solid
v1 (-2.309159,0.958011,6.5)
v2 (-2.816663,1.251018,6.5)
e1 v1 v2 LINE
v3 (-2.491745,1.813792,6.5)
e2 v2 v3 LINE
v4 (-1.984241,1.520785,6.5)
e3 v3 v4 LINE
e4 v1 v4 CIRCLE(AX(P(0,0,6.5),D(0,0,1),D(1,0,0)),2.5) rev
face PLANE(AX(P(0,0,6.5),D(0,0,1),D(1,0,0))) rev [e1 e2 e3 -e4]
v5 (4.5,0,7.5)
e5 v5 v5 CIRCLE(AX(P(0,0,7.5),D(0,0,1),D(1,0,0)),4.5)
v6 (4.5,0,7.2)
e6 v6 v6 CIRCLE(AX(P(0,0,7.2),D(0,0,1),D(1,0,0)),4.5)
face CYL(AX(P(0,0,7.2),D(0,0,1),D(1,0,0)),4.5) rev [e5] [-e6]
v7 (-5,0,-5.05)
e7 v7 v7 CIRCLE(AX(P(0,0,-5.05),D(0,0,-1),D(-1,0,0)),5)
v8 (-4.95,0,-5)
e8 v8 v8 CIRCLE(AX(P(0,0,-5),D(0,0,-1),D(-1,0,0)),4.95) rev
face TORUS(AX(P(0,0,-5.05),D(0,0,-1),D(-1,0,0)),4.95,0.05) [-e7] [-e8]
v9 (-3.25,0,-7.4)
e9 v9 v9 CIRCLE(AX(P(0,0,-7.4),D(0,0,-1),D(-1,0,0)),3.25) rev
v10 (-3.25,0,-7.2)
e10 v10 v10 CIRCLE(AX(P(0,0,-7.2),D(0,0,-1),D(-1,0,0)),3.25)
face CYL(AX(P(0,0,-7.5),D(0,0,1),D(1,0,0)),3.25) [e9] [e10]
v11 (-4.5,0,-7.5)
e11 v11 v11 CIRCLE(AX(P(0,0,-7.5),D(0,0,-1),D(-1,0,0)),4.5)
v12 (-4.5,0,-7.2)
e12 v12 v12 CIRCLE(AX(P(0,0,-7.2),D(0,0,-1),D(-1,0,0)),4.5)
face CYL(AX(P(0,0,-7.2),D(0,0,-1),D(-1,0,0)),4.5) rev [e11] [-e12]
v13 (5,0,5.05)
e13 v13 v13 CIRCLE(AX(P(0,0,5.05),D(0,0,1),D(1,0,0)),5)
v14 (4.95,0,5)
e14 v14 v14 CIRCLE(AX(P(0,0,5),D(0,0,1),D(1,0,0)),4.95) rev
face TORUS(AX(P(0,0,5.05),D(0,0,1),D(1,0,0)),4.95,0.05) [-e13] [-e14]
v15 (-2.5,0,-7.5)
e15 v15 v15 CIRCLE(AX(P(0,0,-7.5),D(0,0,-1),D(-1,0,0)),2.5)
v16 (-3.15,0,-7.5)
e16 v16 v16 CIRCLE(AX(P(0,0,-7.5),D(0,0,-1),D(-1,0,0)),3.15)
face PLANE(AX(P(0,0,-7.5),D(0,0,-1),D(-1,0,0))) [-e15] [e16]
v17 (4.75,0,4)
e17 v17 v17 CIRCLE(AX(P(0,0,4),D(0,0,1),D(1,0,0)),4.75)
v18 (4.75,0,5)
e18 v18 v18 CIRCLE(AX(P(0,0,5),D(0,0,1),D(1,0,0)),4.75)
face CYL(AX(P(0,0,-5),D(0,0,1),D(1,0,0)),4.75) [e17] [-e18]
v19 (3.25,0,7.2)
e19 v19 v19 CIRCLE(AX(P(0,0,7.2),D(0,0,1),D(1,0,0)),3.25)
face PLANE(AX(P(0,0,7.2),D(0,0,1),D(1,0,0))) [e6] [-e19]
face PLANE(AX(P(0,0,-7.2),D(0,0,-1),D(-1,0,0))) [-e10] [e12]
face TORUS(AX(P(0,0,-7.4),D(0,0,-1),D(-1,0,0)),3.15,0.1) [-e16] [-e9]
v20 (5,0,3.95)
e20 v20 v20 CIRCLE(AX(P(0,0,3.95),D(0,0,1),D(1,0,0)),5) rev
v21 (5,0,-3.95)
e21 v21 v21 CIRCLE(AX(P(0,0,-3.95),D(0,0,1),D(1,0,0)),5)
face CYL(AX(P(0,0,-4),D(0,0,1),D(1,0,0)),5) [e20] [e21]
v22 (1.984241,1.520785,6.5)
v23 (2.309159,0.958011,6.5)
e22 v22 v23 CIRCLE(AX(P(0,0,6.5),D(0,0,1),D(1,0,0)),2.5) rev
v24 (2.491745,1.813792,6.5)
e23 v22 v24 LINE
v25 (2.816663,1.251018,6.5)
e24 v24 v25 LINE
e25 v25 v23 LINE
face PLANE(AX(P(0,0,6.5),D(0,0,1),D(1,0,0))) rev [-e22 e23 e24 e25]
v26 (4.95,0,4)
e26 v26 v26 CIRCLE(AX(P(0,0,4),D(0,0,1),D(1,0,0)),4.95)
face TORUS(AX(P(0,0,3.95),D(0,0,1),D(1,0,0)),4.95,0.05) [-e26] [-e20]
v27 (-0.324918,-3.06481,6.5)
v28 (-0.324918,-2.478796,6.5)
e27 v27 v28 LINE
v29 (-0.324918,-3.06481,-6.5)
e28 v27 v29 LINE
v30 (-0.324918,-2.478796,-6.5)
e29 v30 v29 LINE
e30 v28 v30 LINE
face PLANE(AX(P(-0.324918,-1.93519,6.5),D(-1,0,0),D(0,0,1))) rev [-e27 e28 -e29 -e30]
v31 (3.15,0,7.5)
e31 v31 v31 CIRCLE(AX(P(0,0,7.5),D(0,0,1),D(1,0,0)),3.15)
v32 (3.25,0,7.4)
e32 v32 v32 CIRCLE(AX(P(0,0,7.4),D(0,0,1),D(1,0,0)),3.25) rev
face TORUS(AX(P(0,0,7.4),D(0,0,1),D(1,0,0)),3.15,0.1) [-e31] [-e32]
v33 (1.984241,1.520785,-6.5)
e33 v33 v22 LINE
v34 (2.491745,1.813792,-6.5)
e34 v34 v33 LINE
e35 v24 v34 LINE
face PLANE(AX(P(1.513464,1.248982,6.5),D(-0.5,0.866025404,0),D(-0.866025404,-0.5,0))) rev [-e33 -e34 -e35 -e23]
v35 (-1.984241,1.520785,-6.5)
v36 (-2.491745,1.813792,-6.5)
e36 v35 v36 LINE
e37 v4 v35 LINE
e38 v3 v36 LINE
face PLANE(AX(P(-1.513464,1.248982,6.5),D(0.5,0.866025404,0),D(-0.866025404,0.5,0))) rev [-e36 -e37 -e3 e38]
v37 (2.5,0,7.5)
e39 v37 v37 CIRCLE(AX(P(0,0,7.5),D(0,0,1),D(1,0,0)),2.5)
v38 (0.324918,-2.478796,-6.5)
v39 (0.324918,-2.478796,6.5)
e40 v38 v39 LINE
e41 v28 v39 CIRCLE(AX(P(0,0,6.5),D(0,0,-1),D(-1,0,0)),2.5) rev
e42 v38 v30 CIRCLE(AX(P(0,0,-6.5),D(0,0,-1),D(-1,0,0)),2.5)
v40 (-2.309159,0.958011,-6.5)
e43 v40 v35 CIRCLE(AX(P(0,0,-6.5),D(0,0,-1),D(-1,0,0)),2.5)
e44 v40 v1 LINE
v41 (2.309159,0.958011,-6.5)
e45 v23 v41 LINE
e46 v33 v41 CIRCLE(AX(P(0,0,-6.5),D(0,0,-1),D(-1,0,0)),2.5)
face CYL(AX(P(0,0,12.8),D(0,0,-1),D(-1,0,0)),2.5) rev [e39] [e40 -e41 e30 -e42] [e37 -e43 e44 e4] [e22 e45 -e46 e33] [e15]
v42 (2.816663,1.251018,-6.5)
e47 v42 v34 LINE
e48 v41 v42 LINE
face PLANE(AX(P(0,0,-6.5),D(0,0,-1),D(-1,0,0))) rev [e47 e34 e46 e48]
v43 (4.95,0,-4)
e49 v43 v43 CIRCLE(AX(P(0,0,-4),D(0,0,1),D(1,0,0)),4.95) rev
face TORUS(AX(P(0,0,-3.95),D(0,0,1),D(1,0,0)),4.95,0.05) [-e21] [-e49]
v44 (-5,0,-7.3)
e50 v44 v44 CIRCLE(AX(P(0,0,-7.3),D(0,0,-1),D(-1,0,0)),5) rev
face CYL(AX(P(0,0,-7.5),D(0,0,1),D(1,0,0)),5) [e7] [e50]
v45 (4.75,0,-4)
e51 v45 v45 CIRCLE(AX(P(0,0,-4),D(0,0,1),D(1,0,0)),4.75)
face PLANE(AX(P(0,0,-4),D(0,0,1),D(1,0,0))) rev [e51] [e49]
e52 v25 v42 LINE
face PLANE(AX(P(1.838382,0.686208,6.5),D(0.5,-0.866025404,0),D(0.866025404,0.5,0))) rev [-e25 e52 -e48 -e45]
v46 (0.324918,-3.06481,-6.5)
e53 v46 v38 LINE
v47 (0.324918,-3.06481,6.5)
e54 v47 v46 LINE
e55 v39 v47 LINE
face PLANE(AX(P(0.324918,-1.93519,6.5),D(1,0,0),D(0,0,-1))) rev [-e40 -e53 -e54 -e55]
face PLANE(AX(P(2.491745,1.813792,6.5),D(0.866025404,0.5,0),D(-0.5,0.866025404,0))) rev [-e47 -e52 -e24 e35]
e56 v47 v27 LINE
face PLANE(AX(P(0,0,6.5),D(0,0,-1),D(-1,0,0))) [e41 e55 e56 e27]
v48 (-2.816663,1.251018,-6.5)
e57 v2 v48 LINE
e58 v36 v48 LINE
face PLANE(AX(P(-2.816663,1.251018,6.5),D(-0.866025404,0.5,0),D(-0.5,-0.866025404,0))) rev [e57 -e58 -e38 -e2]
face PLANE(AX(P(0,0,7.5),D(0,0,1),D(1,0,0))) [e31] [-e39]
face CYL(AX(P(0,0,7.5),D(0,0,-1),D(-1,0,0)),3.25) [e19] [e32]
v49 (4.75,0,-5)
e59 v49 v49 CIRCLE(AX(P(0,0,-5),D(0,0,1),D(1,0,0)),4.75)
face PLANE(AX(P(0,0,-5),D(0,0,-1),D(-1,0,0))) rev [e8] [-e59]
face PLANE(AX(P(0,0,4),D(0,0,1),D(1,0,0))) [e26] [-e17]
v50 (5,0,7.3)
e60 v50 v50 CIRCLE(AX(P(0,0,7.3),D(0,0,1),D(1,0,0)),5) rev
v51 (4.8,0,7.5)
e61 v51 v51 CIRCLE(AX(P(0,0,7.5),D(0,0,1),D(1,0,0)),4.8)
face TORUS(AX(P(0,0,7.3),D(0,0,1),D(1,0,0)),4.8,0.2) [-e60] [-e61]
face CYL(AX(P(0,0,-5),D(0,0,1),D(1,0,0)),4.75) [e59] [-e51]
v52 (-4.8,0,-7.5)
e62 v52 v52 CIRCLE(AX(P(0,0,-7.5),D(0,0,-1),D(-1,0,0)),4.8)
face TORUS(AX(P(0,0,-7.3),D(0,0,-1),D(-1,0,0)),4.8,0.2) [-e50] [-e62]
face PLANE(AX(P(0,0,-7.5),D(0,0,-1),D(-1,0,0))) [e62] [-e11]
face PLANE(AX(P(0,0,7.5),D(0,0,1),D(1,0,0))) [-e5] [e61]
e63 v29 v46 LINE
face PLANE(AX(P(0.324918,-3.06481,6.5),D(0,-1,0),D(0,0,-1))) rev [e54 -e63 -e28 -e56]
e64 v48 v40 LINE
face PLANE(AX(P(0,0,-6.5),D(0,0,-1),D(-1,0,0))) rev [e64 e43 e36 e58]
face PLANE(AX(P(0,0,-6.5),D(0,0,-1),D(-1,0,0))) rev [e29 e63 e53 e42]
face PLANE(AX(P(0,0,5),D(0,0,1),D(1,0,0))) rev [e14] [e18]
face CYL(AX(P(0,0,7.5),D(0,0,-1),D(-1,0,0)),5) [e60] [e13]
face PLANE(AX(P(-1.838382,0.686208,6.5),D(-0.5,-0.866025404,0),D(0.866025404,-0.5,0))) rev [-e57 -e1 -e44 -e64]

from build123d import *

# Parameters (mm, degrees)
SKETCH1_R                = 5
BOSS_EXTRUDE1_DEPTH      = 4
BOSS_EXTRUDE1_DEPTH_BACK = 4
SKETCH2_R                = 4.75
BOSS_EXTRUDE2_DEPTH      = 1
BOSS_EXTRUDE2_DEPTH_BACK = 9
SKETCH3_R                = 5
BOSS_EXTRUDE3_DEPTH      = 2.5
SKETCH4_R                = 5
BOSS_EXTRUDE4_DEPTH      = 2.5
SKETCH5_R                = 4.5
CUT_EXTRUDE1_DEPTH       = 0.3
SKETCH6_R                = 4.5
CUT_EXTRUDE2_DEPTH       = 0.3
SKETCH7_R                = 3.25
BOSS_EXTRUDE5_DEPTH      = 0.3
SKETCH8_R                = 3.25
BOSS_EXTRUDE6_DEPTH      = 0.3
SKETCH9_R                = 2.5
CUT_EXTRUDE3_DEPTH       = 20.3
SKETCH10_W               = 0.64983534
SKETCH10_H               = 1.129620884
CUT_EXTRUDE4_DEPTH       = 14
SKETCH11_R               = 3.25
SKETCH11_R_2             = 2.5
BOSS_EXTRUDE7_DEPTH      = 1
FILLET1_R                = 0.2
FILLET2_R                = 0.05
FILLET3_R                = 0.1


with BuildPart() as part:
    # Sketch1 → Boss-Extrude1 (new body, two sides)
    with BuildSketch(Plane.XY) as boss_extrude1_sk:
        Circle(SKETCH1_R)
    extrude(amount=BOSS_EXTRUDE1_DEPTH)
    extrude(boss_extrude1_sk.sketch, amount=-BOSS_EXTRUDE1_DEPTH_BACK)

    # Sketch2 → Boss-Extrude2 (add, two sides)
    with BuildSketch(Plane.XY.offset(4)) as boss_extrude2_sk:
        Circle(SKETCH2_R)
    extrude(amount=BOSS_EXTRUDE2_DEPTH)
    extrude(boss_extrude2_sk.sketch, amount=-BOSS_EXTRUDE2_DEPTH_BACK)

    # Sketch3 → Boss-Extrude3 (add)
    with BuildSketch(Plane.XY.offset(5)):
        Circle(SKETCH3_R)
    extrude(amount=BOSS_EXTRUDE3_DEPTH)

    # Sketch4 → Boss-Extrude4 (add)
    with BuildSketch(Plane(origin=(0, 0, -5), x_dir=(-1, 0, 0), z_dir=(0, 0, -1))):
        Circle(SKETCH4_R)
    extrude(amount=BOSS_EXTRUDE4_DEPTH)

    # Sketch5 → Cut-Extrude1 (cut)
    with BuildSketch(Plane.XY.offset(7.5)):
        Circle(SKETCH5_R)
    extrude(amount=-CUT_EXTRUDE1_DEPTH, mode=Mode.SUBTRACT)

    # Sketch6 → Cut-Extrude2 (cut)
    with BuildSketch(Plane(origin=(0, 0, -7.5), x_dir=(-1, 0, 0), z_dir=(0, 0, -1))):
        Circle(SKETCH6_R)
    extrude(amount=-CUT_EXTRUDE2_DEPTH, mode=Mode.SUBTRACT)

    # Sketch7 → Boss-Extrude5 (add)
    with BuildSketch(Plane(origin=(0, 0, -7.2), x_dir=(-1, 0, 0), z_dir=(0, 0, -1))):
        Circle(SKETCH7_R)
    extrude(amount=BOSS_EXTRUDE5_DEPTH)

    # Sketch8 → Boss-Extrude6 (add)
    with BuildSketch(Plane.XY.offset(7.2)):
        Circle(SKETCH8_R)
    extrude(amount=BOSS_EXTRUDE6_DEPTH)

    # Sketch9 → Cut-Extrude3 (cut)
    with BuildSketch(Plane(origin=(0, 0, -7.5), x_dir=(-1, 0, 0), z_dir=(0, 0, -1))):
        Circle(SKETCH9_R)
    extrude(amount=-CUT_EXTRUDE3_DEPTH, mode=Mode.SUBTRACT)

    # Sketch10 → Cut-Extrude4 (cut)
    with BuildSketch(Plane(origin=(0, 0, -7.5), x_dir=(-1, 0, 0), z_dir=(0, 0, -1))):
        with Locations((0, -2.5)):
            Rectangle(SKETCH10_W, SKETCH10_H)
        Polygon((-1.513464483, 1.248981736), (-2.491744865, 1.813792177), (-2.816662536, 1.251018264), (-1.838382154, 0.686207823), align=None)
        Polygon((1.838382154, 0.686207823), (2.816662536, 1.251018264), (2.491744865, 1.813792177), (1.513464483, 1.248981736), align=None)
    extrude(amount=-CUT_EXTRUDE4_DEPTH, mode=Mode.SUBTRACT)

    # Sketch11 → Boss-Extrude7 (add)
    with BuildSketch(Plane(origin=(0, 0, -7.5), x_dir=(-1, 0, 0), z_dir=(0, 0, -1))):
        Circle(SKETCH11_R)
        Circle(SKETCH11_R_2, mode=Mode.SUBTRACT)
    extrude(amount=-BOSS_EXTRUDE7_DEPTH)

    # Fillet1
    fillet1_edges = [part.edges().sort_by_distance(p)[0] for p in [
        (-5, 0, 7.5),
        (5, 0, -7.5),
    ]]
    fillet(fillet1_edges, radius=FILLET1_R)

    # Fillet2
    fillet2_edges = [part.edges().sort_by_distance(p)[0] for p in [
        (-5, 0, 5),
        (5, 0, -5),
        (-5, 0, -4),
        (-5, 0, 4),
    ]]
    fillet(fillet2_edges, radius=FILLET2_R)

    # Fillet3
    fillet3_edges = [part.edges().sort_by_distance(p)[0] for p in [
        (3.25, 0, -7.5),
        (-3.25, 0, 7.5),
    ]]
    fillet(fillet3_edges, radius=FILLET3_R)


solid = part.part
